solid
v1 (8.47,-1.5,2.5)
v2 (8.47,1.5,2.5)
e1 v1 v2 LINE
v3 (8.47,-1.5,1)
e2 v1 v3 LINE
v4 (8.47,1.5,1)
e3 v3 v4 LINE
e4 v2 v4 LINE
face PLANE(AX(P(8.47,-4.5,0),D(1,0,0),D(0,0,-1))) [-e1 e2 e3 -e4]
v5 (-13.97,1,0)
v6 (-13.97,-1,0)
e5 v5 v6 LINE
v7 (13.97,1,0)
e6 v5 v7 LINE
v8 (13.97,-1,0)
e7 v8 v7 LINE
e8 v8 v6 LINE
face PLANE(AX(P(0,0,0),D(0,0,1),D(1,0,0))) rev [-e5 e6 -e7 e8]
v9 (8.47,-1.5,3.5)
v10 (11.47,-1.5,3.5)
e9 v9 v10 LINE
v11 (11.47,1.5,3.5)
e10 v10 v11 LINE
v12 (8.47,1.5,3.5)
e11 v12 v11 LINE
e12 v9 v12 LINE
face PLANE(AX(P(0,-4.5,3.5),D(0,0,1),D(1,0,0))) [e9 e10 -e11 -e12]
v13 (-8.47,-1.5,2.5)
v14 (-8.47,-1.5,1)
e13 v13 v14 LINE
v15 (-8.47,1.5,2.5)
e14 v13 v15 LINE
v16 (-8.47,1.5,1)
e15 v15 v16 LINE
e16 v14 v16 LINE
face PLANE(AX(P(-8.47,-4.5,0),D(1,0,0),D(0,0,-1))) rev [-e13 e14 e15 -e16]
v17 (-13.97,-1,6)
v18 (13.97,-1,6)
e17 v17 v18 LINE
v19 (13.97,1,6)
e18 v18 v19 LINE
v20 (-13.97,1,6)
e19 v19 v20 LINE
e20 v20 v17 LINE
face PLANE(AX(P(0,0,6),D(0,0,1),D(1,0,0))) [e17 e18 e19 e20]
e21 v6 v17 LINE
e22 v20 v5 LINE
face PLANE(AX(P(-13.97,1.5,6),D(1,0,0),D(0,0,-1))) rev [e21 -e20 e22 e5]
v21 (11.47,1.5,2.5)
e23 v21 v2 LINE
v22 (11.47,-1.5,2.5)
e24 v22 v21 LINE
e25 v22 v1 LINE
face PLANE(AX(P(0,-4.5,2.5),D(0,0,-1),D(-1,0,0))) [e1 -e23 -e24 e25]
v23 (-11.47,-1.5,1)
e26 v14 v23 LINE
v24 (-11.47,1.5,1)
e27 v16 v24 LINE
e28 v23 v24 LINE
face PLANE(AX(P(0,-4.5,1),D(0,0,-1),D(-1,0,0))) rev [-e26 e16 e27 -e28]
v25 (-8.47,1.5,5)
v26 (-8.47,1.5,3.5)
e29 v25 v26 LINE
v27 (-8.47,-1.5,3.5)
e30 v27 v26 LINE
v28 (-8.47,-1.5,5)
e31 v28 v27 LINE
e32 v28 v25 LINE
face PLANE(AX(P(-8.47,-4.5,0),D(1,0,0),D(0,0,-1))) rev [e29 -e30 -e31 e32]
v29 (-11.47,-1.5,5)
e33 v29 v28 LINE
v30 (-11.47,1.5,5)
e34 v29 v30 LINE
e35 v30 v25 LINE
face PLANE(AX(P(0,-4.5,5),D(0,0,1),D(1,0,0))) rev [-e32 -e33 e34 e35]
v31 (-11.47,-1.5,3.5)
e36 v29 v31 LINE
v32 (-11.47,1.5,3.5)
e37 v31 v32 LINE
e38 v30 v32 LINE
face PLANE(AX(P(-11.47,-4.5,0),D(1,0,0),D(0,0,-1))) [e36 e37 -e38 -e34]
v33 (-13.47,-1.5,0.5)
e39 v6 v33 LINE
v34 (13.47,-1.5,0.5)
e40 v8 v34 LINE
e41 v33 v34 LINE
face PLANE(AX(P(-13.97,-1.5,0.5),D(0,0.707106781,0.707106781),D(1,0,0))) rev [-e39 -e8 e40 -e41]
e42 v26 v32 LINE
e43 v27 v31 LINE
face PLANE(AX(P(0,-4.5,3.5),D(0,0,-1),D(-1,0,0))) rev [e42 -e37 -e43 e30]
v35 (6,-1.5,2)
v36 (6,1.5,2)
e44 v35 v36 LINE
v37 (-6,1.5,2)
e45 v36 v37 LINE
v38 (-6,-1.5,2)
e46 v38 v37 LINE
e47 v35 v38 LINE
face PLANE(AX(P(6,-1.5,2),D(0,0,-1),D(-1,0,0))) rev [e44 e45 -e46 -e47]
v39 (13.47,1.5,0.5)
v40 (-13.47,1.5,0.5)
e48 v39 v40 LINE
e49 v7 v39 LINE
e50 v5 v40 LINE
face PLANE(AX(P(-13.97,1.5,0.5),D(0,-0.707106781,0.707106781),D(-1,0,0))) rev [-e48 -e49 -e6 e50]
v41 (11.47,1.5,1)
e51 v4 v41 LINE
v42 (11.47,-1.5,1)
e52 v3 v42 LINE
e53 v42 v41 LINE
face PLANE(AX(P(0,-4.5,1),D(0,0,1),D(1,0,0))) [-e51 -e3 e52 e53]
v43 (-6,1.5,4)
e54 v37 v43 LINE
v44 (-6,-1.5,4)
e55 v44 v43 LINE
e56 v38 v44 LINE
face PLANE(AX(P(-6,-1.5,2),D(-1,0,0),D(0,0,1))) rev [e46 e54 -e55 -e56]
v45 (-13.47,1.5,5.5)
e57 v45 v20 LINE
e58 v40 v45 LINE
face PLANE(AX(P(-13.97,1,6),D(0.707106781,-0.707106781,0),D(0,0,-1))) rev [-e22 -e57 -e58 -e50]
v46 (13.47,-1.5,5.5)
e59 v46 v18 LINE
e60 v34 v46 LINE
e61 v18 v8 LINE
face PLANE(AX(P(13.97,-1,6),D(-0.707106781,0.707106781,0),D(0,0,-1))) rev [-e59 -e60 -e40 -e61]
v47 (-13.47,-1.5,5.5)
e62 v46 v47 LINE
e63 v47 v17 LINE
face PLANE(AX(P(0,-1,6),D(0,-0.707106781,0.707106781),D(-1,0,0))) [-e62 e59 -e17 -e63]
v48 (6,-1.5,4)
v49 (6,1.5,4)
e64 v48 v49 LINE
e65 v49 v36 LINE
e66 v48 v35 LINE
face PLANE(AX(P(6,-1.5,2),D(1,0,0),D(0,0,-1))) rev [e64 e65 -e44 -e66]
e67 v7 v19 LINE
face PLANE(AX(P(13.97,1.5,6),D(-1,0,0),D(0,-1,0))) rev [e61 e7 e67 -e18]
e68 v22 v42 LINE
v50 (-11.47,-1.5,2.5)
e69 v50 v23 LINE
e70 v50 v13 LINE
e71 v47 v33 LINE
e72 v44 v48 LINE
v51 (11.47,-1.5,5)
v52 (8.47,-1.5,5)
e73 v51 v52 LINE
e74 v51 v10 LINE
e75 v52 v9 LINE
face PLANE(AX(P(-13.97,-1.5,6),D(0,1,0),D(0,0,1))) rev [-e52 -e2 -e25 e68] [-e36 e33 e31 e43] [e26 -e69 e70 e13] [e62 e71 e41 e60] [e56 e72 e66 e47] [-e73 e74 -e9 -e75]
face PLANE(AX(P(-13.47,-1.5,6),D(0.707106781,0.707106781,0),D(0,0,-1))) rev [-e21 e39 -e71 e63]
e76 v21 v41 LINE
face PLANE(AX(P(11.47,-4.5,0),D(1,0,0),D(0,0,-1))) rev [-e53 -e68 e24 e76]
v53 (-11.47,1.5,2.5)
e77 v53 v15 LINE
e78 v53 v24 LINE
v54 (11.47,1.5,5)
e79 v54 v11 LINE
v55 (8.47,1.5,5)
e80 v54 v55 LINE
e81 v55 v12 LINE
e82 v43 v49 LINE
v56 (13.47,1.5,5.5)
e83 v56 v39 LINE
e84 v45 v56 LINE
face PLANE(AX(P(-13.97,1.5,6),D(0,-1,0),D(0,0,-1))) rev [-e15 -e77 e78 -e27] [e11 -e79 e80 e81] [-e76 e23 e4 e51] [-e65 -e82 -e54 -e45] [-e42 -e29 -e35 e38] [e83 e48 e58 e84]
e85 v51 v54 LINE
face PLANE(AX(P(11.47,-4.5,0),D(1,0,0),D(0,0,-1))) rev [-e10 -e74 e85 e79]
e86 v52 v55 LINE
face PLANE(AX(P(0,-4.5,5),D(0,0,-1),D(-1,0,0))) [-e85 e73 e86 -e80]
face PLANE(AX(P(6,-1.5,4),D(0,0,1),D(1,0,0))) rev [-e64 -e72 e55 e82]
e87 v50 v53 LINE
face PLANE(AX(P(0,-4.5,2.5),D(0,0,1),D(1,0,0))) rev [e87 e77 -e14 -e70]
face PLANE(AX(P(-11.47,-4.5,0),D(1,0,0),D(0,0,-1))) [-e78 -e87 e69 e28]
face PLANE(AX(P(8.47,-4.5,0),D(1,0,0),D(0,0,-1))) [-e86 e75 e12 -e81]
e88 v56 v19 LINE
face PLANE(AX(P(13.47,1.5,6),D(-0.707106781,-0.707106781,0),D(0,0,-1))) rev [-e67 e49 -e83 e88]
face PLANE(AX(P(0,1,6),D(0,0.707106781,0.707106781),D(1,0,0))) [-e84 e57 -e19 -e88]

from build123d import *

# Parameters (mm, degrees)
SKETCH_1_W          = 27.94
SKETCH_1_H          = 3
EXTRUDE_2_DEPTH     = 6
SKETCH_2_W          = 3
SKETCH_2_H          = 1.5
CUT_EXTRUDE_1_DEPTH = 6
CHAMFER_1_SIZE      = 0.5
CHAMFER_2_SIZE      = 0.5
SKETCH_3_W          = 12
SKETCH_3_H          = 2
CUT_EXTRUDE_2_DEPTH = 16.49712554


with BuildPart() as part:
    # Эскиз1 → Бобышка-Вытянуть2 (new body)
    with BuildSketch(Plane.XY):
        Rectangle(SKETCH_1_W, SKETCH_1_H)
    extrude(amount=EXTRUDE_2_DEPTH)

    # Эскиз2 → Вырез-Вытянуть1 (cut)
    with BuildSketch(Plane(origin=(0, 1.5, 0), x_dir=(1, 0, 0), z_dir=(0, 1, 0))):
        with Locations((-9.97, -1.75)):
            Rectangle(SKETCH_2_W, SKETCH_2_H)
        with Locations((-9.97, -4.25)):
            Rectangle(SKETCH_2_W, SKETCH_2_H)
        with Locations((9.97, -4.25)):
            Rectangle(SKETCH_2_W, SKETCH_2_H)
        with Locations((9.97, -1.75)):
            Rectangle(SKETCH_2_W, SKETCH_2_H)
    extrude(amount=-CUT_EXTRUDE_1_DEPTH, mode=Mode.SUBTRACT)

    # Фаска1
    chamfer_1_edges = [part.edges().sort_by_distance(p)[0] for p in [
        (0, 1.5, 0),
        (0, 1.5, 6),
        (-13.97, 1.5, 3),
        (13.97, 1.5, 3),
    ]]
    chamfer(chamfer_1_edges, length=CHAMFER_1_SIZE)

    # Фаска2
    chamfer_2_edges = [part.edges().sort_by_distance(p)[0] for p in [
        (0, -1.5, 6),
        (0, -1.5, 0),
        (13.97, -1.5, 3),
        (-13.97, -1.5, 3),
    ]]
    chamfer(chamfer_2_edges, length=CHAMFER_2_SIZE)

    # Эскиз3 → Вырез-Вытянуть2 (cut, through all)
    with BuildSketch(Plane(origin=(0, 1.5, 0), x_dir=(1, 0, 0), z_dir=(0, 1, 0))):
        with Locations((0, -3)):
            Rectangle(SKETCH_3_W, SKETCH_3_H)
    extrude(amount=-CUT_EXTRUDE_2_DEPTH, mode=Mode.SUBTRACT)


solid = part.part
